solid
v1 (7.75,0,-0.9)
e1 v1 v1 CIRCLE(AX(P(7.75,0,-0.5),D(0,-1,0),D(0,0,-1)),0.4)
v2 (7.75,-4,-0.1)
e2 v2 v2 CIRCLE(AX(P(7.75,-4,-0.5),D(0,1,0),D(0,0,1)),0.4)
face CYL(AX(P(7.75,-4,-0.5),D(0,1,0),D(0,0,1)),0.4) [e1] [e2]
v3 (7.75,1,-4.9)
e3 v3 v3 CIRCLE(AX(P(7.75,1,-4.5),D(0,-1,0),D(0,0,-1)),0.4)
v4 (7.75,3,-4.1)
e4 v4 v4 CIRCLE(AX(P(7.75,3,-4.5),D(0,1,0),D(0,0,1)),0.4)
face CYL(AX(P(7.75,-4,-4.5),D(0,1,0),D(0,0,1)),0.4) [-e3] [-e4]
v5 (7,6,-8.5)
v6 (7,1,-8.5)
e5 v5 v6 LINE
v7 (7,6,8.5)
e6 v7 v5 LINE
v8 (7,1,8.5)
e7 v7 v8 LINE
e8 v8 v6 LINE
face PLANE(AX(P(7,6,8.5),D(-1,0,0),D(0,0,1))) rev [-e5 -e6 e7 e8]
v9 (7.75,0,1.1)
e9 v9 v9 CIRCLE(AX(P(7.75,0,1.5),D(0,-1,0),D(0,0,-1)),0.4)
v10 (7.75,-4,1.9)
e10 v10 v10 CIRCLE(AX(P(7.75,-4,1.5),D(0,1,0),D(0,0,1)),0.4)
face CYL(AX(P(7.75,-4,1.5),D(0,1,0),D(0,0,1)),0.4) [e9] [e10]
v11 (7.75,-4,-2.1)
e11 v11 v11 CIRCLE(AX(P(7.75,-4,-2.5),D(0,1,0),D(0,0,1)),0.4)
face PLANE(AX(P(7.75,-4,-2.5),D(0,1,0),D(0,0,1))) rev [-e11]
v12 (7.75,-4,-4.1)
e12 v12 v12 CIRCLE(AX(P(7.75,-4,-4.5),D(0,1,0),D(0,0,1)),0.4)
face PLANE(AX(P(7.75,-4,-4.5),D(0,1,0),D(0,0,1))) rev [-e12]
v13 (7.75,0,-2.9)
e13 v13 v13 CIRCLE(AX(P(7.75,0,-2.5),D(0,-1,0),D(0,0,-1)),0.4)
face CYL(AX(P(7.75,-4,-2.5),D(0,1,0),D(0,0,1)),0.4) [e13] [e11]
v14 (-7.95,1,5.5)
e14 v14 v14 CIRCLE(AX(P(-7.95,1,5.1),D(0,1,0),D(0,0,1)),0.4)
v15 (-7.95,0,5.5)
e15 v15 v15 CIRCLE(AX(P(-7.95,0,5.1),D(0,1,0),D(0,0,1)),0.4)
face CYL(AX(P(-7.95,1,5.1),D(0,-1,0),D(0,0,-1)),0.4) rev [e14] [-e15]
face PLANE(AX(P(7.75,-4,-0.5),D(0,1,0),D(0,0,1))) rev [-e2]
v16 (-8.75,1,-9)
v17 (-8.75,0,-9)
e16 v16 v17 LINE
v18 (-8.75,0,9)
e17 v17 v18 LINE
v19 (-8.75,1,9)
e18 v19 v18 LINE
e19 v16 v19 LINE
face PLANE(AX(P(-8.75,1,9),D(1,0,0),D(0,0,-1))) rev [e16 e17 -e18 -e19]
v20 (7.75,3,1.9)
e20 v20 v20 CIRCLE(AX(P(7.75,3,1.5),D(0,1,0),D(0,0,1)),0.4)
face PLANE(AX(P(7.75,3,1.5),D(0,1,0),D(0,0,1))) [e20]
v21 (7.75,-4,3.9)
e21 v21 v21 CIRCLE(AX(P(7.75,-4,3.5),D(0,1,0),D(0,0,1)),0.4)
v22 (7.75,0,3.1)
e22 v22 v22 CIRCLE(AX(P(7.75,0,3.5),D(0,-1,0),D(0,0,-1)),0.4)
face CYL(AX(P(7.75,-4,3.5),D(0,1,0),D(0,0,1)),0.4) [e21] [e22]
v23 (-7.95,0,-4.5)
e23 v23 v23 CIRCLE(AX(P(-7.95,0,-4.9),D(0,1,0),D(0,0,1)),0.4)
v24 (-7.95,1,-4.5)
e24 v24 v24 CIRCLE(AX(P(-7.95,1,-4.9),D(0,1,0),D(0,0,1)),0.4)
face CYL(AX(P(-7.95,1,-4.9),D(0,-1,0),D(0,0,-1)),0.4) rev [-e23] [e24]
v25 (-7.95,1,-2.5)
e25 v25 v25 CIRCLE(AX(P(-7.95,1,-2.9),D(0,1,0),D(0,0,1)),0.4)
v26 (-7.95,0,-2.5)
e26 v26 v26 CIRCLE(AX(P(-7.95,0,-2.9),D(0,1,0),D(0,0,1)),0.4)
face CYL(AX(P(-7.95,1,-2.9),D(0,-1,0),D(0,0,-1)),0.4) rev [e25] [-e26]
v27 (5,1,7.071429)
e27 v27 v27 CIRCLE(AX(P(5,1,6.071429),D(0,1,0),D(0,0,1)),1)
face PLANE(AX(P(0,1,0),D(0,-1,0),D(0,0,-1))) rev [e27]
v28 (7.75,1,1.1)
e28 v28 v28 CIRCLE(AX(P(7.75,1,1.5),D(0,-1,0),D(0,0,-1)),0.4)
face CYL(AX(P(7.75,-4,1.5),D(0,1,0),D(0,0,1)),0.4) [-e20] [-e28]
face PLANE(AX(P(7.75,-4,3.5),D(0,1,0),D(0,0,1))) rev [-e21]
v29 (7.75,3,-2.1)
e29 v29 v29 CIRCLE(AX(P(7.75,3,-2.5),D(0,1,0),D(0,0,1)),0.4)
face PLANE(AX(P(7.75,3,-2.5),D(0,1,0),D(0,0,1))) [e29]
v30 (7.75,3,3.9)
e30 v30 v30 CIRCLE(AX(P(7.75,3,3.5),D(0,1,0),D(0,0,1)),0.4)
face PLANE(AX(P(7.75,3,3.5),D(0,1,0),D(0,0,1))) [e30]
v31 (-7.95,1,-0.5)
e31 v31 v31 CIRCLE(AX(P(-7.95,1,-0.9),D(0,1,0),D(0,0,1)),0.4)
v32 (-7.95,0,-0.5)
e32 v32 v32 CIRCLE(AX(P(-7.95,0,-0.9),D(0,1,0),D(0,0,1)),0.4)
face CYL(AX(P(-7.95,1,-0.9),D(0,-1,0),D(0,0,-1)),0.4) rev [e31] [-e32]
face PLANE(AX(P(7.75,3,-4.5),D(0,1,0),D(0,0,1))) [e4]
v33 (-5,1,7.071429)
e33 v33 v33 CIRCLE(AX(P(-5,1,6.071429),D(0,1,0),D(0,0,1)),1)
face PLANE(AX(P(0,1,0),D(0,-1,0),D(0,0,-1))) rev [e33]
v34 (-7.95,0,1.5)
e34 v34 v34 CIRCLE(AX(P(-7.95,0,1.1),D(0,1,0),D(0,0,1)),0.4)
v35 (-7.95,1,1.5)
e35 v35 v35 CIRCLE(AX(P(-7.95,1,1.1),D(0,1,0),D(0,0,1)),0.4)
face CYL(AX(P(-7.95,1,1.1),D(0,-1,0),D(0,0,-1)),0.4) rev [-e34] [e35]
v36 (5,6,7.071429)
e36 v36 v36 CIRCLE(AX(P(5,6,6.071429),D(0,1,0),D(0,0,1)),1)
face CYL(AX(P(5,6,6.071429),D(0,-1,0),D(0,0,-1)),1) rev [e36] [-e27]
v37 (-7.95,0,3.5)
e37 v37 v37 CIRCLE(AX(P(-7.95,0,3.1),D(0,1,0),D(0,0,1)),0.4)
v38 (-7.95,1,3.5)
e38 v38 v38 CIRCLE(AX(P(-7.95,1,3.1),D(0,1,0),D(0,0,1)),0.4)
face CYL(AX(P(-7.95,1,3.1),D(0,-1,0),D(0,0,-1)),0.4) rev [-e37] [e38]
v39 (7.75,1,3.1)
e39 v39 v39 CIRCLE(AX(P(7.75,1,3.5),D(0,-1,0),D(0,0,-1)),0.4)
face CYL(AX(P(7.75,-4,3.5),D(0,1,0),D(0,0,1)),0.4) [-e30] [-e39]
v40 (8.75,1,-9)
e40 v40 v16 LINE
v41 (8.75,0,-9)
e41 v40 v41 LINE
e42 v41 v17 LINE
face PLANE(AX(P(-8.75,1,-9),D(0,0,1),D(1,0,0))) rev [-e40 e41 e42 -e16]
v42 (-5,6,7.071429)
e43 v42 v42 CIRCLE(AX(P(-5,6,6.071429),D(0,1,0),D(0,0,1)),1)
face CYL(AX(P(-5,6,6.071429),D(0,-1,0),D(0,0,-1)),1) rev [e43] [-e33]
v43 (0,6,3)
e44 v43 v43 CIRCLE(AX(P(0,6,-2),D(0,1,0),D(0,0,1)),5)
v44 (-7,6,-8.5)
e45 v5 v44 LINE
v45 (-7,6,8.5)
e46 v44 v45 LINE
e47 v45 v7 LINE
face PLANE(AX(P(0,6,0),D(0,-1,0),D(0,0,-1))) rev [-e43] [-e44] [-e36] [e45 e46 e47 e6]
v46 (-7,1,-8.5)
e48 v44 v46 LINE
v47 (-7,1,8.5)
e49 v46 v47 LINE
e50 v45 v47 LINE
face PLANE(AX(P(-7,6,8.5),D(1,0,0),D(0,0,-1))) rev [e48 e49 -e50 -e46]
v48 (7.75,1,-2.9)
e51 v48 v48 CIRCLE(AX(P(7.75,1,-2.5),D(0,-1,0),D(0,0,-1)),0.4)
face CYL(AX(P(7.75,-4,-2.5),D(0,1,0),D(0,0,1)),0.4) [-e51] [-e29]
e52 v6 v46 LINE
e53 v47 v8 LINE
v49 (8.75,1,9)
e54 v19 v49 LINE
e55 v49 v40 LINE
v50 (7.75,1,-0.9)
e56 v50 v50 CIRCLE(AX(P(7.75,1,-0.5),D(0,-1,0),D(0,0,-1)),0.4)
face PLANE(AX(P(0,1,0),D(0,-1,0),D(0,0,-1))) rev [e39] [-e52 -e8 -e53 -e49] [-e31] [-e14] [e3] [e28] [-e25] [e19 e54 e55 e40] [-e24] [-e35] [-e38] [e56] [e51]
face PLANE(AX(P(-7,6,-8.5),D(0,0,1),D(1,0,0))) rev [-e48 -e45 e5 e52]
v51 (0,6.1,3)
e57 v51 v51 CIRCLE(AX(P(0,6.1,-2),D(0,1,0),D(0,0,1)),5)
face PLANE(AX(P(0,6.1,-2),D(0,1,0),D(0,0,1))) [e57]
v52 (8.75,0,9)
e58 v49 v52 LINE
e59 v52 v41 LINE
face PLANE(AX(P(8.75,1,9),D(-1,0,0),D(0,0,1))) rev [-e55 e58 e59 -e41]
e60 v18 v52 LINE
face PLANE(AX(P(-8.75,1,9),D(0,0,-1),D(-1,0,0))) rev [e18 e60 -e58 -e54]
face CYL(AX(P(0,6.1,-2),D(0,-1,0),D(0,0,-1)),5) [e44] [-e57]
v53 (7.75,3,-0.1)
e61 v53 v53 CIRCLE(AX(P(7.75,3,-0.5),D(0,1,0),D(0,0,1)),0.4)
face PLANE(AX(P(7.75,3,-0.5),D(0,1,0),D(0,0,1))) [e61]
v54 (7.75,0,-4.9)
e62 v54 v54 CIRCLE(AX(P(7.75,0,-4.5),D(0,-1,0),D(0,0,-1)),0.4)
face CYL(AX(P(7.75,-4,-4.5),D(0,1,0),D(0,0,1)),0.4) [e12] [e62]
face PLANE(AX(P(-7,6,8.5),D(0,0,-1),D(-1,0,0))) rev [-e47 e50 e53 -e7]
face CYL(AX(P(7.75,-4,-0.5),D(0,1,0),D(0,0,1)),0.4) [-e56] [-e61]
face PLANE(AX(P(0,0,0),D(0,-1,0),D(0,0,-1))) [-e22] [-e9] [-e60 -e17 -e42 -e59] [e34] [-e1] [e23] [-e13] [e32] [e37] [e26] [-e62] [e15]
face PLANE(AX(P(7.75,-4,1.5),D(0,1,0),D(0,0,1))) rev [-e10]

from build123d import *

# Parameters (mm, degrees)
SKETCH1_W                = 17.5
SKETCH1_H                = 18
SKETCH1_R                = 0.4
BOSS_EXTRUDE1_DEPTH      = 1
SKETCH3_W                = 14
SKETCH3_H                = 17
SKETCH3_R                = 1
BOSS_EXTRUDE2_DEPTH      = 5
BOSS_EXTRUDE3_DEPTH      = 2
BOSS_EXTRUDE3_DEPTH_BACK = 5
SKETCH4_R                = 0.4
SKETCH5_R                = 5
BOSS_EXTRUDE4_DEPTH      = 0.1


with BuildPart() as part:
    # Sketch1 → Boss-Extrude1 (new body)
    with BuildSketch(Plane(origin=(0, 0, 0), x_dir=(1, 0, 0), z_dir=(0, 1, 0))):
        Rectangle(SKETCH1_W, SKETCH1_H)
        with Locations(Location((-7.95, -5.1, 0), (0, 0, 270))):
            Circle(SKETCH1_R, mode=Mode.SUBTRACT)
        with Locations(Location((-7.95, -3.1, 0), (0, 0, 270))):
            Circle(SKETCH1_R, mode=Mode.SUBTRACT)
        with Locations(Location((-7.95, -1.1, 0), (0, 0, 270))):
            Circle(SKETCH1_R, mode=Mode.SUBTRACT)
        with Locations(Location((-7.95, 0.9, 0), (0, 0, 270))):
            Circle(SKETCH1_R, mode=Mode.SUBTRACT)
        with Locations(Location((-7.95, 2.9, 0), (0, 0, 270))):
            Circle(SKETCH1_R, mode=Mode.SUBTRACT)
        with Locations(Location((-7.95, 4.9, 0), (0, 0, 270))):
            Circle(SKETCH1_R, mode=Mode.SUBTRACT)
    extrude(amount=BOSS_EXTRUDE1_DEPTH)

    # Sketch3 → Boss-Extrude2 (add)
    with BuildSketch(Plane(origin=(0, 1, 0), x_dir=(1, 0, 0), z_dir=(0, 1, 0))):
        Rectangle(SKETCH3_W, SKETCH3_H)
        with Locations(Location((-5, -6.071428571, 0), (0, 0, 270))):
            Circle(SKETCH3_R, mode=Mode.SUBTRACT)
        with Locations(Location((5, -6.071428571, 0), (0, 0, 270))):
            Circle(SKETCH3_R, mode=Mode.SUBTRACT)
    extrude(amount=BOSS_EXTRUDE2_DEPTH)

    # Sketch4 → Boss-Extrude3 (add, two sides: drawn at the far end of the back side and taken through both)
    with BuildSketch(Plane(origin=(0, 1, 0), x_dir=(1, 0, 0), z_dir=(0, 1, 0)).offset(-BOSS_EXTRUDE3_DEPTH_BACK)):
        with Locations(Location((7.75, 4.5, 0), (0, 0, 270))):
            Circle(SKETCH4_R)
        with Locations(Location((7.75, 2.5, 0), (0, 0, 270))):
            Circle(SKETCH4_R)
        with Locations(Location((7.75, 0.5, 0), (0, 0, 270))):
            Circle(SKETCH4_R)
        with Locations(Location((7.75, -1.5, 0), (0, 0, 270))):
            Circle(SKETCH4_R)
        with Locations(Location((7.75, -3.5, 0), (0, 0, 270))):
            Circle(SKETCH4_R)
    extrude(amount=BOSS_EXTRUDE3_DEPTH + BOSS_EXTRUDE3_DEPTH_BACK)

    # Sketch5 → Boss-Extrude4 (add)
    with BuildSketch(Plane(origin=(0, 6, 0), x_dir=(1, 0, 0), z_dir=(0, 1, 0))):
        with Locations(Location((0, 2, 0), (0, 0, 270))):
            Circle(SKETCH5_R)
    extrude(amount=BOSS_EXTRUDE4_DEPTH)


solid = part.part
